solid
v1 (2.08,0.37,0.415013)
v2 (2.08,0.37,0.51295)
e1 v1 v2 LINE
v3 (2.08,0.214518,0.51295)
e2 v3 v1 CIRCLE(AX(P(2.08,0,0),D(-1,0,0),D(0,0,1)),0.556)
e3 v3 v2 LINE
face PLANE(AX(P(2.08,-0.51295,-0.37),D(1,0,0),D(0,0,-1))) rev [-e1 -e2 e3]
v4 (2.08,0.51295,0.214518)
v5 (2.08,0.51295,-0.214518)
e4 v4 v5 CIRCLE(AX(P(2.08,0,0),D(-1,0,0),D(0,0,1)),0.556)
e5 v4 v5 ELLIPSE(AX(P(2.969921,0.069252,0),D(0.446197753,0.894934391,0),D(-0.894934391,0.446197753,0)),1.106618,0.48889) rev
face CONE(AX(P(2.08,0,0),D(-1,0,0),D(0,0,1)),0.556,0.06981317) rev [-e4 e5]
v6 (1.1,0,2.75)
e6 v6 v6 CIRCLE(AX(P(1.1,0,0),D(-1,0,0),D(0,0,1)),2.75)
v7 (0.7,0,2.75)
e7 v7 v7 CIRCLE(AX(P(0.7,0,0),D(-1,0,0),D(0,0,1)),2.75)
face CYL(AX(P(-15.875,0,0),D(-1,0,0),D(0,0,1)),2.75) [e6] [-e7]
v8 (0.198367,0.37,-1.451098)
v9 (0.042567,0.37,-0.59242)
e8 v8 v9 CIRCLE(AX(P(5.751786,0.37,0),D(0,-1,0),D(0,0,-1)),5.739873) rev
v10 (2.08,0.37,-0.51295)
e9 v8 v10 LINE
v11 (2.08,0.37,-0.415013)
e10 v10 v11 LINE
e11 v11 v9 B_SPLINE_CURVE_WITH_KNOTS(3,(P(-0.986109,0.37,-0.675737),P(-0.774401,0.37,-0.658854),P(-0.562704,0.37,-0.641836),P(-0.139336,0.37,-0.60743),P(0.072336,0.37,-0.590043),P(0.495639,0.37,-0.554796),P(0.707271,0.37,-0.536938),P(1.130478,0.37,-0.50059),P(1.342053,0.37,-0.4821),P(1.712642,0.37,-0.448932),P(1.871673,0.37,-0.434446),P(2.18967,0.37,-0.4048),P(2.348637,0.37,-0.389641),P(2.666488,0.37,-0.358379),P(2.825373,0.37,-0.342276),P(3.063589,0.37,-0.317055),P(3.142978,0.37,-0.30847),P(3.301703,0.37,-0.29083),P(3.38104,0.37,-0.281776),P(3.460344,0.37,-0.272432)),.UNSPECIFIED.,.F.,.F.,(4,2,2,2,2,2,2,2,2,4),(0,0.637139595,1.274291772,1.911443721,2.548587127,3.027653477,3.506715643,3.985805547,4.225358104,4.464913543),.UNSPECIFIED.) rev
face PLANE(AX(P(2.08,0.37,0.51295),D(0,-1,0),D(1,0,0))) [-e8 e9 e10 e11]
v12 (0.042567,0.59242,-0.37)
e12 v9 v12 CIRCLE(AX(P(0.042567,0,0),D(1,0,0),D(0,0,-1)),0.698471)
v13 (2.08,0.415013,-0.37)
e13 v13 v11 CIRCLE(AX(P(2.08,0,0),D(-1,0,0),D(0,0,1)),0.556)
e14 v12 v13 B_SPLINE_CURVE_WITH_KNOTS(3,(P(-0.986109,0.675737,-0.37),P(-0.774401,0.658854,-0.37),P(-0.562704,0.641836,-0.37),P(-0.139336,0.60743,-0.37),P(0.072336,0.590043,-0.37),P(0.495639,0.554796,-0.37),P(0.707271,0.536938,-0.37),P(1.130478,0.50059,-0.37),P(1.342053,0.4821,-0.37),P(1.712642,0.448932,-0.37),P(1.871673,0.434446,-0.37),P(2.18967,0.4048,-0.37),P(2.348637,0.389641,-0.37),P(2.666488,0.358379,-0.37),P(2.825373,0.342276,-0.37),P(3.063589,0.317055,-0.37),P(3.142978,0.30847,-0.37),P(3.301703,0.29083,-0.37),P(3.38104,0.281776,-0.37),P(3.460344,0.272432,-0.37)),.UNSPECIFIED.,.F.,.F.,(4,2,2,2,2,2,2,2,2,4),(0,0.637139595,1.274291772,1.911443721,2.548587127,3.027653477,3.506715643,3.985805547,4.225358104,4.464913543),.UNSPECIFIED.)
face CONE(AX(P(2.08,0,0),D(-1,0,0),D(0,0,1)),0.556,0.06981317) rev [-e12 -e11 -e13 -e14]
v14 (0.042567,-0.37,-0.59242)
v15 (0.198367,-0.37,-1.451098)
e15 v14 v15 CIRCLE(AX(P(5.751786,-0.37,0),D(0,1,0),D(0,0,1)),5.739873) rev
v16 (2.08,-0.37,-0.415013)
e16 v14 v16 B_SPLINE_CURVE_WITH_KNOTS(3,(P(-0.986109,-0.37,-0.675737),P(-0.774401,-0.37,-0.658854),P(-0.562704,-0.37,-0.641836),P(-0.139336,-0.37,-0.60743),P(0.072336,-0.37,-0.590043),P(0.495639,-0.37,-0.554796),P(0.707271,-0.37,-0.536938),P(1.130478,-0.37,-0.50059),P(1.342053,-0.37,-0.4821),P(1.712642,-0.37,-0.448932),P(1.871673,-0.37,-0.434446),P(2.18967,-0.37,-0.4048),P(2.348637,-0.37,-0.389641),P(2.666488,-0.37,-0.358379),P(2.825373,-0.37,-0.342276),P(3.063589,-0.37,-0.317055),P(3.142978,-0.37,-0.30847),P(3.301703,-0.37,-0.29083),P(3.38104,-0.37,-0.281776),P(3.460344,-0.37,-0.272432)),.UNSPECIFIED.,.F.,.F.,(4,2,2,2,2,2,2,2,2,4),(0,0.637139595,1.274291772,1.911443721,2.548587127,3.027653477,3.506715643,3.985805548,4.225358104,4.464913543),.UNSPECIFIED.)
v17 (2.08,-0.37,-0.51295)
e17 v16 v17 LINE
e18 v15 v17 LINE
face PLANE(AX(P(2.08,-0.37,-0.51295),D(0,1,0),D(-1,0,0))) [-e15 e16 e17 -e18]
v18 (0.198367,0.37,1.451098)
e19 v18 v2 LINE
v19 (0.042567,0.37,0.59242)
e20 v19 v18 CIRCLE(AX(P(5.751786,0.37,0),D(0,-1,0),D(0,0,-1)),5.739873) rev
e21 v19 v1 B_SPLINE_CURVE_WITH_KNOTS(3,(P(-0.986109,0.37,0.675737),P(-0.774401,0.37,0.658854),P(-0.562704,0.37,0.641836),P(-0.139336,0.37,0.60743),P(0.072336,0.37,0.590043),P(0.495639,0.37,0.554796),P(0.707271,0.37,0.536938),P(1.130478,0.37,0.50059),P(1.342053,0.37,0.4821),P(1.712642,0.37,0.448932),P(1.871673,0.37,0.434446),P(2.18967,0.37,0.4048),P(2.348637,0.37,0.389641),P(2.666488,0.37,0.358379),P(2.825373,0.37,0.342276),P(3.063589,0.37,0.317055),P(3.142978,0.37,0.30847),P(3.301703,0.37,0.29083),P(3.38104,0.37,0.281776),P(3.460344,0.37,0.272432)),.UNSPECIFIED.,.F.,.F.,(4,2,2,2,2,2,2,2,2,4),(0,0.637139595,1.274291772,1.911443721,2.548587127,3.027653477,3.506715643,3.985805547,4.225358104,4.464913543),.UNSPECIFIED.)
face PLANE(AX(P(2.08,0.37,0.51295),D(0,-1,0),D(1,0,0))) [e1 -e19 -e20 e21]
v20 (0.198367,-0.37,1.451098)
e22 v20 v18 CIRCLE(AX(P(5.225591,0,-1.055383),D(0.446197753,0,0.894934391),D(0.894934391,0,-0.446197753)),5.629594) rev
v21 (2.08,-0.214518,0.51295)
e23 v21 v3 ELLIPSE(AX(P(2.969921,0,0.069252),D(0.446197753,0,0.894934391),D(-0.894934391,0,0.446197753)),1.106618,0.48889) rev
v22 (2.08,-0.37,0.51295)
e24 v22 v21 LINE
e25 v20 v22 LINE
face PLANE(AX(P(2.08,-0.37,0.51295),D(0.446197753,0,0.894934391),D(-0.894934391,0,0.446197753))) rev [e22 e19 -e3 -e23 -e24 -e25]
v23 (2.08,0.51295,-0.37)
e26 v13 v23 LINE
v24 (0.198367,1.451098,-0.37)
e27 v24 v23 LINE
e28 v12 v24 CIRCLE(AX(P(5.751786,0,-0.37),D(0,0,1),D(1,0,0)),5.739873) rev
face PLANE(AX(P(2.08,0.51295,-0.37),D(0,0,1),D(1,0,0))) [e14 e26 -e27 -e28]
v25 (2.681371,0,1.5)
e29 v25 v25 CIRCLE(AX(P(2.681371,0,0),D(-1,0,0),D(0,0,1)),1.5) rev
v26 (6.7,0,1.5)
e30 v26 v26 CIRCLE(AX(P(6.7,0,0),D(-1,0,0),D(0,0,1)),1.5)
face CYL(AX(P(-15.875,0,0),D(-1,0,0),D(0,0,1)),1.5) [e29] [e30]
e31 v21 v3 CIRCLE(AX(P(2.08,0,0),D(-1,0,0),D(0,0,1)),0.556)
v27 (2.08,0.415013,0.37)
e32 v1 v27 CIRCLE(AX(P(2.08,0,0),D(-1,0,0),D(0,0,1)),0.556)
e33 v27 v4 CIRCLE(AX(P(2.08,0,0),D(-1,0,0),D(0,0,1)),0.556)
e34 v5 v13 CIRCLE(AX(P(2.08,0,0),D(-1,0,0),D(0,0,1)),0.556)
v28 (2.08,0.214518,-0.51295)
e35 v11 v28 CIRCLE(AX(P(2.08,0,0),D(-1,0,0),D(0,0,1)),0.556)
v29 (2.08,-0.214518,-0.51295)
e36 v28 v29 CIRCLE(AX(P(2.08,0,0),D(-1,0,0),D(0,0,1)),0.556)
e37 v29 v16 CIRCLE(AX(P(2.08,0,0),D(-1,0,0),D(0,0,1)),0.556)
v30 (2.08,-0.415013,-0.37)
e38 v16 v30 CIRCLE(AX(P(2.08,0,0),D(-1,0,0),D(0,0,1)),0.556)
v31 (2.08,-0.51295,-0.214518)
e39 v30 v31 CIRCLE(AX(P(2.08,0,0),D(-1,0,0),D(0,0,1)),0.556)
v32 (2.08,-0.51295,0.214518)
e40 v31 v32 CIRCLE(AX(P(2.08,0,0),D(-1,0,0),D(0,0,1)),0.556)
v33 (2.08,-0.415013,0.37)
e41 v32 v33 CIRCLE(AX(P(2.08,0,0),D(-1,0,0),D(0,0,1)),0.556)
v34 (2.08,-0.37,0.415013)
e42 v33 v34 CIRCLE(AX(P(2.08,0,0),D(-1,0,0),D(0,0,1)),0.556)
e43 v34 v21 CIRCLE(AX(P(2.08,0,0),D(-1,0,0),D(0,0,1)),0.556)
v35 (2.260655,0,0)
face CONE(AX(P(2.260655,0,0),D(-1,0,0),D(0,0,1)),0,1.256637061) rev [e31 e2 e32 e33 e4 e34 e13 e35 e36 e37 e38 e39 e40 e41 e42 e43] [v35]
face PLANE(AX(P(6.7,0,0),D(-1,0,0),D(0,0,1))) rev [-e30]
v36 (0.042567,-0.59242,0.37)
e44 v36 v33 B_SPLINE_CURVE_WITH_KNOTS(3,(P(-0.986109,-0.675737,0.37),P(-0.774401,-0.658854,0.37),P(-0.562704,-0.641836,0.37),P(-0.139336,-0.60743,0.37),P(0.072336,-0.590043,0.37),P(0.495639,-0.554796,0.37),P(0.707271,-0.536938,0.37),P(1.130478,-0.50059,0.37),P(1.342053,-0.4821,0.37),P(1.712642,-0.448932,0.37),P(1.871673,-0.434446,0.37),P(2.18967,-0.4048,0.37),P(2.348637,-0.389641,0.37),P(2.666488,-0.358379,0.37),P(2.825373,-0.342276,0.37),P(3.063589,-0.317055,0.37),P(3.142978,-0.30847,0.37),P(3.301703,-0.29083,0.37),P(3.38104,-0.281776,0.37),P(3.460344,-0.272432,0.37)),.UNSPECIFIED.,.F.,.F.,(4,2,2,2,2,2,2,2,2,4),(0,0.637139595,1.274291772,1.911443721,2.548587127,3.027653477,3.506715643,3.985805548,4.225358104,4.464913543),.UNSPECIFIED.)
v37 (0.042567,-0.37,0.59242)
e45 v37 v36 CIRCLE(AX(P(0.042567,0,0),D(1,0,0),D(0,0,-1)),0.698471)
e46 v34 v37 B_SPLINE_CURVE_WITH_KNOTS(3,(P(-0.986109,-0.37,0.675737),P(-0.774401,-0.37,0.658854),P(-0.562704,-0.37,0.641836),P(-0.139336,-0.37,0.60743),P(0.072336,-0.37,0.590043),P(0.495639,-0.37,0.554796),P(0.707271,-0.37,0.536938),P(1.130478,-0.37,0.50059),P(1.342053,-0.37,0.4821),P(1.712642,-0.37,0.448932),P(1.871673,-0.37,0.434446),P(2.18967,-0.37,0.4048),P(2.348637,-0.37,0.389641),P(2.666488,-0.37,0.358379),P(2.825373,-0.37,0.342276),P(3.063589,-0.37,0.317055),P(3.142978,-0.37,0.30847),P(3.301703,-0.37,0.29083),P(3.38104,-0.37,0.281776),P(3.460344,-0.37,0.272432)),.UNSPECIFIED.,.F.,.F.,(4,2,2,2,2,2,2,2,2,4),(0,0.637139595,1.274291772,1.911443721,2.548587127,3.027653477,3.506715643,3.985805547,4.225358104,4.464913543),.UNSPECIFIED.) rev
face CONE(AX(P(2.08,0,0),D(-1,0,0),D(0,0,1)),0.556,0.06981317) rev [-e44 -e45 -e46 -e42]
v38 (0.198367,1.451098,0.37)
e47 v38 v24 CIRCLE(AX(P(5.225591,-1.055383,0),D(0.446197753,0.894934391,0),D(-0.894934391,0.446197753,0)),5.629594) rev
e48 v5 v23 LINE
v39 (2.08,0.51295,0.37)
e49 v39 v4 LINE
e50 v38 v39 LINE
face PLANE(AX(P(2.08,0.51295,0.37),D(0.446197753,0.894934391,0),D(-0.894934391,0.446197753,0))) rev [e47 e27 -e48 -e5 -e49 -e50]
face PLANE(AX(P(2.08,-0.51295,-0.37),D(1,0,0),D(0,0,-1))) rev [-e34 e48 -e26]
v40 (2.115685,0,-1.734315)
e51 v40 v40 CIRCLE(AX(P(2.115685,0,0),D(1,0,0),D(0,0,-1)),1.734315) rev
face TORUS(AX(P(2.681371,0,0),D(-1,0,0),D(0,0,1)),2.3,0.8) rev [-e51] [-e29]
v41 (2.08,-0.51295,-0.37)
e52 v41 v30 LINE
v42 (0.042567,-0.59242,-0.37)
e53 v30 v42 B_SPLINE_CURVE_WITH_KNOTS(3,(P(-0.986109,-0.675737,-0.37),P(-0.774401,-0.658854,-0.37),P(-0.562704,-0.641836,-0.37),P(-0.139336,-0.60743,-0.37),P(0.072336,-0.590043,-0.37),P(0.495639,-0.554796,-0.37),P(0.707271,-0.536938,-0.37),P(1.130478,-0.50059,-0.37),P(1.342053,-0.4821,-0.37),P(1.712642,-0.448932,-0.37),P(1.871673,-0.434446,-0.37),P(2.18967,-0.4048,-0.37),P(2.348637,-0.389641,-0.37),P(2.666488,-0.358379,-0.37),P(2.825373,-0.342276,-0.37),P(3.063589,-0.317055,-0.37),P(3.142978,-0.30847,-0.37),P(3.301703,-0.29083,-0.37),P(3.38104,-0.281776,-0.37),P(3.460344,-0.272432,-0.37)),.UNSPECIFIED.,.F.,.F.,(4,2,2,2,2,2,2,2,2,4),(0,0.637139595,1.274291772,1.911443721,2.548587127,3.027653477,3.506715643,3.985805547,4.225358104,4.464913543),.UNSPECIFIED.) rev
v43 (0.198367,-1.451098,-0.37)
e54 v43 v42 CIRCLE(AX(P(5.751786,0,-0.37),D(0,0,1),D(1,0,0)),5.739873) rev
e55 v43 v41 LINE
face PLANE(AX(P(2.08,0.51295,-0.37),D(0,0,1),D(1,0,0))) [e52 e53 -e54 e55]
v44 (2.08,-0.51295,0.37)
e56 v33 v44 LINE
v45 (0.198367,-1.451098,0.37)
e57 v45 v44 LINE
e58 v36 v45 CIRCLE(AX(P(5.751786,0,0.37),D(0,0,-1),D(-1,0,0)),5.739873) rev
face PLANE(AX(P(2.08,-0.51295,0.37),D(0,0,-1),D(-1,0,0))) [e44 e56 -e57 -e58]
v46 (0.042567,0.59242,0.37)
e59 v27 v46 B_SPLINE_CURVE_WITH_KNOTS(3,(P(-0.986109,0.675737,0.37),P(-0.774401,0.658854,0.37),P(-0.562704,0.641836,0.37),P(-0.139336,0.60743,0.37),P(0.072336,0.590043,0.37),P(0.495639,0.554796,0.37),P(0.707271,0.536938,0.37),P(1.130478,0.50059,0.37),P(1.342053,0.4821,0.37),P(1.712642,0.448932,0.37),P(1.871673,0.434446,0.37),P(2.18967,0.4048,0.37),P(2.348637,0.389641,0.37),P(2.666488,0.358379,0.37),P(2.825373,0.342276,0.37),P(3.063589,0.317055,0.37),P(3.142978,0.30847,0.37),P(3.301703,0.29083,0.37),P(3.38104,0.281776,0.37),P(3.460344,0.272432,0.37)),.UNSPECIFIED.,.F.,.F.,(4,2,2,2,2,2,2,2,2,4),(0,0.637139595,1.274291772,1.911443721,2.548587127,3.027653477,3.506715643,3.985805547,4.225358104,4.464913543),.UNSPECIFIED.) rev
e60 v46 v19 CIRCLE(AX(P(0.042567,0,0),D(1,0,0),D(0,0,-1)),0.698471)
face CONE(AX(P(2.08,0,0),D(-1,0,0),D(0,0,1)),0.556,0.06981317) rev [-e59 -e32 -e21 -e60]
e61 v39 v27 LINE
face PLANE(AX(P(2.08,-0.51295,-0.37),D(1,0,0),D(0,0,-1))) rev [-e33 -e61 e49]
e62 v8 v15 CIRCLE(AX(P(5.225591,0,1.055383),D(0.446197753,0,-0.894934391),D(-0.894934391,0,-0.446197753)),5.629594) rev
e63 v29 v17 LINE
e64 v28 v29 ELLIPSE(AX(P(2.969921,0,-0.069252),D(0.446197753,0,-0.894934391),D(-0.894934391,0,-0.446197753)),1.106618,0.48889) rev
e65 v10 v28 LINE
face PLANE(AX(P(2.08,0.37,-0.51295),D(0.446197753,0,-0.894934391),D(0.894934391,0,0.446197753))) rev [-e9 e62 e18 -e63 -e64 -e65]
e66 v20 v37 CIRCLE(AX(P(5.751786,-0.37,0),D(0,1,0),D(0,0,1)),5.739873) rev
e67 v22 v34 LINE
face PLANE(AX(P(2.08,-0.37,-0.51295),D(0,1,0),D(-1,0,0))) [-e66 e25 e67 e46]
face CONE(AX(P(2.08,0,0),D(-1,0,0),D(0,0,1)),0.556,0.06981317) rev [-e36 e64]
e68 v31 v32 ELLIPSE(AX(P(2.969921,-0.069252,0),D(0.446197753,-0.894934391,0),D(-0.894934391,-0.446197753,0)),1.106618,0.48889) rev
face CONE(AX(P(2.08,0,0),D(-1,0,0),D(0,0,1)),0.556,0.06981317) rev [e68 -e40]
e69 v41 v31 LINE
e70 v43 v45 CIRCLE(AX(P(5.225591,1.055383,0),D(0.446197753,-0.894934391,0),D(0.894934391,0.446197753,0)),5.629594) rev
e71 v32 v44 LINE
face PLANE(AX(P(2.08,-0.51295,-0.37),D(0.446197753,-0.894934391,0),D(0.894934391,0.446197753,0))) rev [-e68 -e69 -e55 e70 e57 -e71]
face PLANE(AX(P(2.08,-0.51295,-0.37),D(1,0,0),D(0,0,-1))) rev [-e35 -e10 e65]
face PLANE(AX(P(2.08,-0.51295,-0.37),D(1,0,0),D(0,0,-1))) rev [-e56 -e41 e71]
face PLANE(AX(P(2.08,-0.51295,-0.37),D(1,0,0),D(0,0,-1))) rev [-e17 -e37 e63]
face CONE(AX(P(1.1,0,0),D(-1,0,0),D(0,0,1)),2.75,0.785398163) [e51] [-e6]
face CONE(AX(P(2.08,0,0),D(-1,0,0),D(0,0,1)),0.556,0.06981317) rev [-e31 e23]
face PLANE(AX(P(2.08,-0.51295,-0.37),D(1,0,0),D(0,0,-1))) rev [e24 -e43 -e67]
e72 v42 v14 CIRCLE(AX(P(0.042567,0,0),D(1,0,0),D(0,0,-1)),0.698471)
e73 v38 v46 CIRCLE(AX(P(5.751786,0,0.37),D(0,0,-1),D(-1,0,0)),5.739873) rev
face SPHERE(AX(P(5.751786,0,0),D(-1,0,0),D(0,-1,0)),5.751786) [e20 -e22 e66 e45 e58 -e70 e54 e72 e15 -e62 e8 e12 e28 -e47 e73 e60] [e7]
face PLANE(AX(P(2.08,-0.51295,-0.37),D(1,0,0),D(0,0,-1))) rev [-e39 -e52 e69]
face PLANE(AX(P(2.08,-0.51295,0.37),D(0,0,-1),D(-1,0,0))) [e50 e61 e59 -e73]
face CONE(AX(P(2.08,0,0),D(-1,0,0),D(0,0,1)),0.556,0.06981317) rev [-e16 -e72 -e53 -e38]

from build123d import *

# Parameters (mm, degrees)
FILLET1_R    = 0.8
RECPAT_COUNT = 2
RECPAT_ANGLE = 90


with BuildPart() as part:
    # BodySke → Base-Revolve (revolve)
    with BuildSketch(Plane.XY, mode=Mode.PRIVATE) as base_revolve_sk:
        with BuildLine():
            Line((0, 0), (6.7, 0))
            Line((6.7, 0), (6.7, 1.5))
            Line((6.7, 1.5), (2.35, 1.5))
            Line((2.35, 1.5), (1.1, 2.75))
            Line((1.1, 2.75), (0.7, 2.75))
            ThreePointArc((0.7, 2.75), (0.177746434, 1.418846362), (0, 0))
        make_face()
    revolve(base_revolve_sk.sketch.rotate(Axis((-15.875, 0, 0), (1, 0, 0)), 90), axis=Axis((-15.875, 0, 0), (1, 0, 0)))

    # Fillet1
    fillet1_edges = [part.edges().sort_by_distance(p)[0] for p in [
        (2.35, 0, -1.5),
    ]]
    fillet(fillet1_edges, radius=FILLET1_R)

    # Sketch3 → Recess section 0
    with BuildSketch(Plane(origin=(0, 0, 0), x_dir=(0, 0, -1), z_dir=(1, 0, 0))):
        with BuildLine():
            Line((0.37, -1.55), (-0.37, -1.55))
            Line((-0.37, -1.55), (-0.37, 1.55))
            Line((-0.37, 1.55), (0.37, 1.55))
            Line((0.37, 1.55), (0.37, -1.55))
        make_face()
    # Sketch4 → Recess section 1
    with BuildSketch(Plane(origin=(2.08, 0, 0), x_dir=(0, 0, -1), z_dir=(1, 0, 0))):
        with BuildLine():
            Line((0.37, -0.512950429), (-0.37, -0.512950429))
            Line((-0.37, -0.512950429), (-0.37, 0.512950429))
            Line((-0.37, 0.512950429), (0.37, 0.512950429))
            Line((0.37, 0.512950429), (0.37, -0.512950429))
        make_face()
    recess = loft(mode=Mode.SUBTRACT)

    # RecPat: Recess ×2 about axis
    recpat_axis = Axis((0, 0, 0), (1, 0, 0))
    for i in range(1, RECPAT_COUNT):
        add(recess.rotate(recpat_axis, i * RECPAT_ANGLE / (RECPAT_COUNT - 1)), mode=Mode.SUBTRACT)

    # RecCorSke → RecessCore (revolve, cut)
    with BuildSketch(Plane.XY, mode=Mode.PRIVATE) as recesscore_sk:
        Polygon((0, 0), (0, 0.701447769), (2.08, 0.556), (2.260655351, 0), align=None)
    revolve(recesscore_sk.sketch.rotate(Axis((-3.175, 0, 0), (1, 0, 0)), 90), axis=Axis((-3.175, 0, 0), (1, 0, 0)), mode=Mode.SUBTRACT)


solid = part.part
